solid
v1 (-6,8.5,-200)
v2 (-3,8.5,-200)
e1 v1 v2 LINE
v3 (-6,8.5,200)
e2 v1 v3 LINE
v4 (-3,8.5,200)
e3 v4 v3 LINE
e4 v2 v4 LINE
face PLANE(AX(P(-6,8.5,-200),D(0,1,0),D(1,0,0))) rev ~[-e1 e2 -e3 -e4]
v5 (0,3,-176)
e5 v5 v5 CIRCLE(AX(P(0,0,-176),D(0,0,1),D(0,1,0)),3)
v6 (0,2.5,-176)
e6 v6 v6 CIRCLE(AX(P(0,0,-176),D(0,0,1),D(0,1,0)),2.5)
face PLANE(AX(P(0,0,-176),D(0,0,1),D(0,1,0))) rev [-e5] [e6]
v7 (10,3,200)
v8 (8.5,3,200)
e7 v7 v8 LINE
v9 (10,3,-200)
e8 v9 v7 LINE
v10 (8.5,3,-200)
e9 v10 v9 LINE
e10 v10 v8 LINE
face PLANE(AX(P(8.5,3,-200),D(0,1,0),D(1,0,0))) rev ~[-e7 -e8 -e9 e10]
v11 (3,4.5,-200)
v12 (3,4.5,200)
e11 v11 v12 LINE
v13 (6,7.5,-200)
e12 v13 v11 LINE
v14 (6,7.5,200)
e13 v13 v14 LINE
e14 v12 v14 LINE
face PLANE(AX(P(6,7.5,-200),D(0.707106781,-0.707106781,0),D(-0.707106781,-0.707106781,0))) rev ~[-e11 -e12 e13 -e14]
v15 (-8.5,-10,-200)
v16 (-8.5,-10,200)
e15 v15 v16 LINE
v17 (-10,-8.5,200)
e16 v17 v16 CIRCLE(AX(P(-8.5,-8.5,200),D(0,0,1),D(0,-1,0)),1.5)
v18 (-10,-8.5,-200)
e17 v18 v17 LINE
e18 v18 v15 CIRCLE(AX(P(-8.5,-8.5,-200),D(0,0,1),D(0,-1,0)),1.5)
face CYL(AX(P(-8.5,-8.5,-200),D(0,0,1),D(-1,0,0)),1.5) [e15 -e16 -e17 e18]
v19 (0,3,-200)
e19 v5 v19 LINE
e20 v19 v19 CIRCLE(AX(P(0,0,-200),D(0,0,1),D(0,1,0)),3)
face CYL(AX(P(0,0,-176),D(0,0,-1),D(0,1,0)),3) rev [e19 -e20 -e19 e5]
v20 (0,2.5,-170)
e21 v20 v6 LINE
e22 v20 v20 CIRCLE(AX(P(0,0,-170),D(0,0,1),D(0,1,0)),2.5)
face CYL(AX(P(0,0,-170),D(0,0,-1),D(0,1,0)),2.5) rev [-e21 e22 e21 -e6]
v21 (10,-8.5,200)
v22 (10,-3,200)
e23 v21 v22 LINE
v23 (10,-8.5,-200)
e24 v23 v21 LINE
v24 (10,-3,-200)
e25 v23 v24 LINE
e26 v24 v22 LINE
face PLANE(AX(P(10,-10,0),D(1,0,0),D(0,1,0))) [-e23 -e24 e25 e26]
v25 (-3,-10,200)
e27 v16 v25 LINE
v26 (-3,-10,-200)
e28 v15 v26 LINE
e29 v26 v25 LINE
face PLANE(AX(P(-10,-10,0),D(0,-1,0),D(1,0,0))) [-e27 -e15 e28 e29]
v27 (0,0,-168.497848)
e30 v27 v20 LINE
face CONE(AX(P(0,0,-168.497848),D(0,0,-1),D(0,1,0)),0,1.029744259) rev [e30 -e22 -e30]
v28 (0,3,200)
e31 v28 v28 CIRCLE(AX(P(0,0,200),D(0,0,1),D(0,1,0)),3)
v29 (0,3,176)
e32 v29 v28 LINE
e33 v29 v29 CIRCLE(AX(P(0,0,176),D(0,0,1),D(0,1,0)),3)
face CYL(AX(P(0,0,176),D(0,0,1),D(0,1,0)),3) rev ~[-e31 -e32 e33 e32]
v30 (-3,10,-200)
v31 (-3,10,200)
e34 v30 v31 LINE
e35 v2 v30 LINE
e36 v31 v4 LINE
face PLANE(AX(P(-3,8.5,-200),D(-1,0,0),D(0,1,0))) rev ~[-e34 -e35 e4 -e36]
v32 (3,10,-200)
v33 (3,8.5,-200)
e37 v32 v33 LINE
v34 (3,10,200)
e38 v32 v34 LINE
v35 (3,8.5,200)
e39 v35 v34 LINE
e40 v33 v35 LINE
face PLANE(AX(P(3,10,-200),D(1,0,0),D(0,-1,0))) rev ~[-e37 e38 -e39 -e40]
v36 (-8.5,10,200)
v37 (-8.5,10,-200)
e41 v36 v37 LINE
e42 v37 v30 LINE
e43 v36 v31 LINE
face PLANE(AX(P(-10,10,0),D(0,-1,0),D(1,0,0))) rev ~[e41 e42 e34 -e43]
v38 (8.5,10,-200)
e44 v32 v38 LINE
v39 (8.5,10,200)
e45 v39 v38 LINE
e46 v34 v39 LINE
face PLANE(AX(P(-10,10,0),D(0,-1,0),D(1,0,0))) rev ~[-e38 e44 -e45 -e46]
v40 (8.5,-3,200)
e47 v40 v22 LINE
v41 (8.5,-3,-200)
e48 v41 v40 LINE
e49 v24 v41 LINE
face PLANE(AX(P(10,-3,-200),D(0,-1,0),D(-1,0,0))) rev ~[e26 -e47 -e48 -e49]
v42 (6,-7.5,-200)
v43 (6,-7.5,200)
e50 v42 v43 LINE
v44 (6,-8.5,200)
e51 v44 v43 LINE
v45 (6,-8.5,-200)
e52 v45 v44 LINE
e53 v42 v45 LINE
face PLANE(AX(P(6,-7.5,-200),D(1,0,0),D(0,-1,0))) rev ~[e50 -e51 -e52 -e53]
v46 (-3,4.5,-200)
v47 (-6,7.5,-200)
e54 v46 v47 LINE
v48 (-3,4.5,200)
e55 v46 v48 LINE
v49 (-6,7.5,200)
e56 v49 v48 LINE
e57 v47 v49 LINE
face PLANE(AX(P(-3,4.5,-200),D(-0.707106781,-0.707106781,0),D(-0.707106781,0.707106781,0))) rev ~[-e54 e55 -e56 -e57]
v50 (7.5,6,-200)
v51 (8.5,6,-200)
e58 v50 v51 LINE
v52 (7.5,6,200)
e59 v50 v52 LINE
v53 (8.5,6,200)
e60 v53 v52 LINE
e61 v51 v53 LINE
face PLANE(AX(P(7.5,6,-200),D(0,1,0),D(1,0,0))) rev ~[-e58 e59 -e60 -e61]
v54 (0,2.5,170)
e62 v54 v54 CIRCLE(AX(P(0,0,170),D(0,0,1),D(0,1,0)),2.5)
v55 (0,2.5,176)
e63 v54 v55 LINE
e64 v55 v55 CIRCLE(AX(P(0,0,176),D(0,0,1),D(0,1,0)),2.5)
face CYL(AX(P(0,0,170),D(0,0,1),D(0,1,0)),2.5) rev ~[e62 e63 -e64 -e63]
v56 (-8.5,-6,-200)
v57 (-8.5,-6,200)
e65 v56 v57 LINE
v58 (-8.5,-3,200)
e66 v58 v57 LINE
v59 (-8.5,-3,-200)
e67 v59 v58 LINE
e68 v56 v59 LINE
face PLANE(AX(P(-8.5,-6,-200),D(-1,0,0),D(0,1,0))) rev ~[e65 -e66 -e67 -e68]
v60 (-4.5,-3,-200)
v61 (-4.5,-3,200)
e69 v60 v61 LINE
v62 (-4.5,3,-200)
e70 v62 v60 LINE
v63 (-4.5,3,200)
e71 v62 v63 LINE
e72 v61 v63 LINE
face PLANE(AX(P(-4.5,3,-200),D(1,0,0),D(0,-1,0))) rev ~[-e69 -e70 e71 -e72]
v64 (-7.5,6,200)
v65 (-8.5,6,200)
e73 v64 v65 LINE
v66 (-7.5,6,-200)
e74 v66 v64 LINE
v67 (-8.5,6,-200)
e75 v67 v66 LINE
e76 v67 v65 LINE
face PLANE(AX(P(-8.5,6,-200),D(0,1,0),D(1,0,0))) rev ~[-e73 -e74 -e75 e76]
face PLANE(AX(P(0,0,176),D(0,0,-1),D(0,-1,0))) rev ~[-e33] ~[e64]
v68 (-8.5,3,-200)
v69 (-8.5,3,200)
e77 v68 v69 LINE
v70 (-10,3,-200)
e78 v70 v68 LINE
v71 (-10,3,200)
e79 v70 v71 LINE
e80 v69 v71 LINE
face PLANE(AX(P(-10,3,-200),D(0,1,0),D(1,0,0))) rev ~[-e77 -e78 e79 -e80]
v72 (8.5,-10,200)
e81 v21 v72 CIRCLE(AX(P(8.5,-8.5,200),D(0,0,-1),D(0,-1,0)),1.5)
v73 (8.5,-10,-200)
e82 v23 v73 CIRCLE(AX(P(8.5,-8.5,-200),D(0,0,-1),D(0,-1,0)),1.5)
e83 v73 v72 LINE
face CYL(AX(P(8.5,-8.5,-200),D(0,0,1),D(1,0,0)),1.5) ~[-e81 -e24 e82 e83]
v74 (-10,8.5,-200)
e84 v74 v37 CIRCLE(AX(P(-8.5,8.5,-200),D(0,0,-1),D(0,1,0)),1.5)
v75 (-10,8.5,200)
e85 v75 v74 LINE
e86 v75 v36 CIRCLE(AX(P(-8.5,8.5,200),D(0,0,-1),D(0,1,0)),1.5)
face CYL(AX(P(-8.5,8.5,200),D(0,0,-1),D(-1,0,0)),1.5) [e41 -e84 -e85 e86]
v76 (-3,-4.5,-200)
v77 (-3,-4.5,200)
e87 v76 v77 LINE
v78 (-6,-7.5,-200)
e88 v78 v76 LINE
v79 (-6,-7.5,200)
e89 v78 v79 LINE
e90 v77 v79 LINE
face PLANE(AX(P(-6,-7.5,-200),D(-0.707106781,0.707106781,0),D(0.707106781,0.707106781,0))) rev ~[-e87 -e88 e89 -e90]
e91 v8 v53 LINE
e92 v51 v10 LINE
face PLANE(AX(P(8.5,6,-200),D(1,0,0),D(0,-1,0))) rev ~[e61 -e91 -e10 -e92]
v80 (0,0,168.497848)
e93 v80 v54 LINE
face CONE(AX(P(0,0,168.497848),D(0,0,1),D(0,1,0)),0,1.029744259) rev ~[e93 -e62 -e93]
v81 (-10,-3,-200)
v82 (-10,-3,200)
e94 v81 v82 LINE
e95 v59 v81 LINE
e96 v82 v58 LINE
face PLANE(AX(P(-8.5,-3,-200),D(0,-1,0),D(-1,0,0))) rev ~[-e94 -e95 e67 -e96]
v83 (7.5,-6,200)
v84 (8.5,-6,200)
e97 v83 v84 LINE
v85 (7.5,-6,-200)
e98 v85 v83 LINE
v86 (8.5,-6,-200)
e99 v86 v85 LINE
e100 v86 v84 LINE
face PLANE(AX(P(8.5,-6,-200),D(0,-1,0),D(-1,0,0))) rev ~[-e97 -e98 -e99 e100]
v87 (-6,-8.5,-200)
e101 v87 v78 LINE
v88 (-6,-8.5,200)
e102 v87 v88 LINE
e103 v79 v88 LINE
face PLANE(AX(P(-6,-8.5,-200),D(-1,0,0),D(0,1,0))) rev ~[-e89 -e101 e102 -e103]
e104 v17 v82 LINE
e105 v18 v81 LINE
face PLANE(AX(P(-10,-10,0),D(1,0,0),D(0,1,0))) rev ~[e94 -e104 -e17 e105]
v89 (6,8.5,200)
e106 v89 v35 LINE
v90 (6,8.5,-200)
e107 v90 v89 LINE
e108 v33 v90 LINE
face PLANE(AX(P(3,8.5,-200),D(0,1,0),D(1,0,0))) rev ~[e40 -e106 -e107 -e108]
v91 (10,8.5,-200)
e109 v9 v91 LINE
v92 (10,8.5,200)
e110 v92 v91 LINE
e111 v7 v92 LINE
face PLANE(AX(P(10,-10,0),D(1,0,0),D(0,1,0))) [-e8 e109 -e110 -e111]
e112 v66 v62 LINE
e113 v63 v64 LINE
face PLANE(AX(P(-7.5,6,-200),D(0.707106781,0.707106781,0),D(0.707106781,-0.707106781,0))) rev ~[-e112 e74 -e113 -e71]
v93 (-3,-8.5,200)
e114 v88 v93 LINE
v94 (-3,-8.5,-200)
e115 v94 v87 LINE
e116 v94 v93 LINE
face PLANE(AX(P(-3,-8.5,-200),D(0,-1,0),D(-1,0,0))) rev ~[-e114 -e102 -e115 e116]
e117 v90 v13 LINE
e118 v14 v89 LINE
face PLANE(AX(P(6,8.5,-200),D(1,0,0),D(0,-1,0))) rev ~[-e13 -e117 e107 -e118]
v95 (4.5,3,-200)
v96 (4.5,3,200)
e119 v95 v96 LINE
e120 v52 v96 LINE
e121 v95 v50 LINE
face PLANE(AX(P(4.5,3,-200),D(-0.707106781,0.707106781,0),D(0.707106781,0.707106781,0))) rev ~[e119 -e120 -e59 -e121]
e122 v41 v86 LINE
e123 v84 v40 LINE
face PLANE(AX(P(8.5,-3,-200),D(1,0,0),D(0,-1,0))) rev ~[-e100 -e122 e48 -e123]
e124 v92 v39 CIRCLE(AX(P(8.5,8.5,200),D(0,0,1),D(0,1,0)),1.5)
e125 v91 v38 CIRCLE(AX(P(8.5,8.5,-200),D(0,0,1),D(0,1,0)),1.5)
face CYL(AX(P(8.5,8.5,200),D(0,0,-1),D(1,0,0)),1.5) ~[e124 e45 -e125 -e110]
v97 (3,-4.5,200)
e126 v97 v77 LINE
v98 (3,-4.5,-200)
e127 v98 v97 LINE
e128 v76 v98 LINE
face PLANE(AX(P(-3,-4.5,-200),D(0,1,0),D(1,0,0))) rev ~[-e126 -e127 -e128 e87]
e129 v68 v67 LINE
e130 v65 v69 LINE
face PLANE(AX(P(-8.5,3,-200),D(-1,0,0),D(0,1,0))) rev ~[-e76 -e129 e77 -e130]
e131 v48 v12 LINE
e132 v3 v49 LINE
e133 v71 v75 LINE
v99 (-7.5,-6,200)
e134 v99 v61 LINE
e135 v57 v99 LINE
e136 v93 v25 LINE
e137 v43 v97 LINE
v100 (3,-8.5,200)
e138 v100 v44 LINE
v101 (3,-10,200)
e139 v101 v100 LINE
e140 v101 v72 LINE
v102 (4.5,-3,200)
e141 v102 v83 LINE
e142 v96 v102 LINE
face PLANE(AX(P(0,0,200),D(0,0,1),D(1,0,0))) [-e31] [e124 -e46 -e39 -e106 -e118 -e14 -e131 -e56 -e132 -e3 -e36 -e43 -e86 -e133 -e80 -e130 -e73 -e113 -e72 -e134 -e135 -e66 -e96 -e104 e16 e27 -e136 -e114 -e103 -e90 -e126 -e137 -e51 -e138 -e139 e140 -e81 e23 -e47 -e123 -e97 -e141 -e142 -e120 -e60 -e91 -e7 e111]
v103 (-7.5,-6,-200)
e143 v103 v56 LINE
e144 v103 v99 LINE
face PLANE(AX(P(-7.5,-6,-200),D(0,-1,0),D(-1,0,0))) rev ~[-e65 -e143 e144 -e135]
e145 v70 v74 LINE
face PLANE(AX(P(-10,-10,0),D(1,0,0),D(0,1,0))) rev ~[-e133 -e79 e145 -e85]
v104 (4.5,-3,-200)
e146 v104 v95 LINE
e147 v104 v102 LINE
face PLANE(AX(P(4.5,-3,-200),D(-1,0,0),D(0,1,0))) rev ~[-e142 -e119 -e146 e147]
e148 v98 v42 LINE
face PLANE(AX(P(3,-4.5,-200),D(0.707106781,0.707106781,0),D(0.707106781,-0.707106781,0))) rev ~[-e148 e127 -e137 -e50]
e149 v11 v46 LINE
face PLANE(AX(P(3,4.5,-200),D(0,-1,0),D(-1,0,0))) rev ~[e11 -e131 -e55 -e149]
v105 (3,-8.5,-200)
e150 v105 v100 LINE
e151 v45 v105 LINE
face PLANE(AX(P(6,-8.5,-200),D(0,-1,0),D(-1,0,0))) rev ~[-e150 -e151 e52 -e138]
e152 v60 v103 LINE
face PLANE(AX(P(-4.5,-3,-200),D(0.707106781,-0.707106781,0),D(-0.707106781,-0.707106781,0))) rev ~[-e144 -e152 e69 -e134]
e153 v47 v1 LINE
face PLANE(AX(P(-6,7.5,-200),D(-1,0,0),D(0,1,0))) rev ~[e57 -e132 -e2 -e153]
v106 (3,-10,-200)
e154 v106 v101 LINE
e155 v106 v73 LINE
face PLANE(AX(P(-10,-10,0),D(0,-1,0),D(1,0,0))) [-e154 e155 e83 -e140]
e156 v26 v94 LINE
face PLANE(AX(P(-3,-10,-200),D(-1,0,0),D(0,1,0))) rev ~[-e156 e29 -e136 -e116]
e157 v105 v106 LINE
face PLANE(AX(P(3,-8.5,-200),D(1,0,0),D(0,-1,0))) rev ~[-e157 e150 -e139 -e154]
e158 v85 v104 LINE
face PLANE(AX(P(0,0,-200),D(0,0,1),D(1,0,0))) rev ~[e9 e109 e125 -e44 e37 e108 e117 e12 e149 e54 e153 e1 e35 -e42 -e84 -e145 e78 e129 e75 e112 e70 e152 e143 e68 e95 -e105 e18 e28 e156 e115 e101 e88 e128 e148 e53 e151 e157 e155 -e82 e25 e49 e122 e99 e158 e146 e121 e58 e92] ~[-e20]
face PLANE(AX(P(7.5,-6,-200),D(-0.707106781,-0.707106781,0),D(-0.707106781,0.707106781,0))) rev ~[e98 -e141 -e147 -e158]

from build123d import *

# Parameters (mm, degrees)
ESQUISSE1_W                  = 20
ESQUISSE1_H                  = 20
EXTRUSION1_DEPTH             = 200
CONG_1_R                     = 1.5
ENL_V_MAT_EXTRU_1_DEPTH      = 401.249921924
R_P_TITION_CIRCULAIRE1_COUNT = 4


with BuildPart() as part:
    # Esquisse1 → Extrusion1 (new, symmetric)
    with BuildSketch(Plane.XY):
        Rectangle(ESQUISSE1_W, ESQUISSE1_H)
    extrude(amount=EXTRUSION1_DEPTH, both=True)

    # Congé1
    cong_1_edges = [part.edges().sort_by_distance(p)[0] for p in [
        (-10, -10, 0),
        (10, -10, 0),
        (-10, 10, 0),
        (10, 10, 0),
    ]]
    fillet(cong_1_edges, radius=CONG_1_R)

    # Esquisse2 → Enlèv. mat.-Extru.1 (cut, through all)
    with BuildSketch(Plane(origin=(0, 0, -200), x_dir=(-1, 0, 0), z_dir=(0, 0, -1))):
        Polygon((-10, 3), (-10, -3), (-8.5, -3), (-8.5, -6), (-7.5, -6), (-4.5, -3), (-4.5, 3), (-7.5, 6), (-8.5, 6), (-8.5, 3), align=None)
    enl_v_mat_extru_1 = extrude(amount=-ENL_V_MAT_EXTRU_1_DEPTH, mode=Mode.SUBTRACT)

    # Répétition circulaire1: Enlèv. mat.-Extru.1 ×4 about axis
    r_p_tition_circulaire1_axis = Axis((0, 0, 9.333809512), (0, 0, -1))
    for i in range(1, R_P_TITION_CIRCULAIRE1_COUNT):
        add(enl_v_mat_extru_1.rotate(r_p_tition_circulaire1_axis, i * 360 / R_P_TITION_CIRCULAIRE1_COUNT), mode=Mode.SUBTRACT)

    # Esquisse5 → Trou taraudé M6x1.01 (revolve, cut)
    with BuildSketch(Plane(origin=(0, 0, -200), x_dir=(0, 1, 0), z_dir=(1, 0, 0))):
        Polygon((0, 0), (0, 31.502151548), (2.5, 30), (2.5, 24), (3, 24), (3, 0), align=None)
    trou_taraud_m6x1_01 = revolve(axis=Axis((0, 0, -206.35), (0, 0, 1)), mode=Mode.SUBTRACT)

    # Symétrie1: Trou taraudé M6x1.01 across plane
    add(trou_taraud_m6x1_01.mirror(Plane.XY), mode=Mode.SUBTRACT)


solid = part.part
